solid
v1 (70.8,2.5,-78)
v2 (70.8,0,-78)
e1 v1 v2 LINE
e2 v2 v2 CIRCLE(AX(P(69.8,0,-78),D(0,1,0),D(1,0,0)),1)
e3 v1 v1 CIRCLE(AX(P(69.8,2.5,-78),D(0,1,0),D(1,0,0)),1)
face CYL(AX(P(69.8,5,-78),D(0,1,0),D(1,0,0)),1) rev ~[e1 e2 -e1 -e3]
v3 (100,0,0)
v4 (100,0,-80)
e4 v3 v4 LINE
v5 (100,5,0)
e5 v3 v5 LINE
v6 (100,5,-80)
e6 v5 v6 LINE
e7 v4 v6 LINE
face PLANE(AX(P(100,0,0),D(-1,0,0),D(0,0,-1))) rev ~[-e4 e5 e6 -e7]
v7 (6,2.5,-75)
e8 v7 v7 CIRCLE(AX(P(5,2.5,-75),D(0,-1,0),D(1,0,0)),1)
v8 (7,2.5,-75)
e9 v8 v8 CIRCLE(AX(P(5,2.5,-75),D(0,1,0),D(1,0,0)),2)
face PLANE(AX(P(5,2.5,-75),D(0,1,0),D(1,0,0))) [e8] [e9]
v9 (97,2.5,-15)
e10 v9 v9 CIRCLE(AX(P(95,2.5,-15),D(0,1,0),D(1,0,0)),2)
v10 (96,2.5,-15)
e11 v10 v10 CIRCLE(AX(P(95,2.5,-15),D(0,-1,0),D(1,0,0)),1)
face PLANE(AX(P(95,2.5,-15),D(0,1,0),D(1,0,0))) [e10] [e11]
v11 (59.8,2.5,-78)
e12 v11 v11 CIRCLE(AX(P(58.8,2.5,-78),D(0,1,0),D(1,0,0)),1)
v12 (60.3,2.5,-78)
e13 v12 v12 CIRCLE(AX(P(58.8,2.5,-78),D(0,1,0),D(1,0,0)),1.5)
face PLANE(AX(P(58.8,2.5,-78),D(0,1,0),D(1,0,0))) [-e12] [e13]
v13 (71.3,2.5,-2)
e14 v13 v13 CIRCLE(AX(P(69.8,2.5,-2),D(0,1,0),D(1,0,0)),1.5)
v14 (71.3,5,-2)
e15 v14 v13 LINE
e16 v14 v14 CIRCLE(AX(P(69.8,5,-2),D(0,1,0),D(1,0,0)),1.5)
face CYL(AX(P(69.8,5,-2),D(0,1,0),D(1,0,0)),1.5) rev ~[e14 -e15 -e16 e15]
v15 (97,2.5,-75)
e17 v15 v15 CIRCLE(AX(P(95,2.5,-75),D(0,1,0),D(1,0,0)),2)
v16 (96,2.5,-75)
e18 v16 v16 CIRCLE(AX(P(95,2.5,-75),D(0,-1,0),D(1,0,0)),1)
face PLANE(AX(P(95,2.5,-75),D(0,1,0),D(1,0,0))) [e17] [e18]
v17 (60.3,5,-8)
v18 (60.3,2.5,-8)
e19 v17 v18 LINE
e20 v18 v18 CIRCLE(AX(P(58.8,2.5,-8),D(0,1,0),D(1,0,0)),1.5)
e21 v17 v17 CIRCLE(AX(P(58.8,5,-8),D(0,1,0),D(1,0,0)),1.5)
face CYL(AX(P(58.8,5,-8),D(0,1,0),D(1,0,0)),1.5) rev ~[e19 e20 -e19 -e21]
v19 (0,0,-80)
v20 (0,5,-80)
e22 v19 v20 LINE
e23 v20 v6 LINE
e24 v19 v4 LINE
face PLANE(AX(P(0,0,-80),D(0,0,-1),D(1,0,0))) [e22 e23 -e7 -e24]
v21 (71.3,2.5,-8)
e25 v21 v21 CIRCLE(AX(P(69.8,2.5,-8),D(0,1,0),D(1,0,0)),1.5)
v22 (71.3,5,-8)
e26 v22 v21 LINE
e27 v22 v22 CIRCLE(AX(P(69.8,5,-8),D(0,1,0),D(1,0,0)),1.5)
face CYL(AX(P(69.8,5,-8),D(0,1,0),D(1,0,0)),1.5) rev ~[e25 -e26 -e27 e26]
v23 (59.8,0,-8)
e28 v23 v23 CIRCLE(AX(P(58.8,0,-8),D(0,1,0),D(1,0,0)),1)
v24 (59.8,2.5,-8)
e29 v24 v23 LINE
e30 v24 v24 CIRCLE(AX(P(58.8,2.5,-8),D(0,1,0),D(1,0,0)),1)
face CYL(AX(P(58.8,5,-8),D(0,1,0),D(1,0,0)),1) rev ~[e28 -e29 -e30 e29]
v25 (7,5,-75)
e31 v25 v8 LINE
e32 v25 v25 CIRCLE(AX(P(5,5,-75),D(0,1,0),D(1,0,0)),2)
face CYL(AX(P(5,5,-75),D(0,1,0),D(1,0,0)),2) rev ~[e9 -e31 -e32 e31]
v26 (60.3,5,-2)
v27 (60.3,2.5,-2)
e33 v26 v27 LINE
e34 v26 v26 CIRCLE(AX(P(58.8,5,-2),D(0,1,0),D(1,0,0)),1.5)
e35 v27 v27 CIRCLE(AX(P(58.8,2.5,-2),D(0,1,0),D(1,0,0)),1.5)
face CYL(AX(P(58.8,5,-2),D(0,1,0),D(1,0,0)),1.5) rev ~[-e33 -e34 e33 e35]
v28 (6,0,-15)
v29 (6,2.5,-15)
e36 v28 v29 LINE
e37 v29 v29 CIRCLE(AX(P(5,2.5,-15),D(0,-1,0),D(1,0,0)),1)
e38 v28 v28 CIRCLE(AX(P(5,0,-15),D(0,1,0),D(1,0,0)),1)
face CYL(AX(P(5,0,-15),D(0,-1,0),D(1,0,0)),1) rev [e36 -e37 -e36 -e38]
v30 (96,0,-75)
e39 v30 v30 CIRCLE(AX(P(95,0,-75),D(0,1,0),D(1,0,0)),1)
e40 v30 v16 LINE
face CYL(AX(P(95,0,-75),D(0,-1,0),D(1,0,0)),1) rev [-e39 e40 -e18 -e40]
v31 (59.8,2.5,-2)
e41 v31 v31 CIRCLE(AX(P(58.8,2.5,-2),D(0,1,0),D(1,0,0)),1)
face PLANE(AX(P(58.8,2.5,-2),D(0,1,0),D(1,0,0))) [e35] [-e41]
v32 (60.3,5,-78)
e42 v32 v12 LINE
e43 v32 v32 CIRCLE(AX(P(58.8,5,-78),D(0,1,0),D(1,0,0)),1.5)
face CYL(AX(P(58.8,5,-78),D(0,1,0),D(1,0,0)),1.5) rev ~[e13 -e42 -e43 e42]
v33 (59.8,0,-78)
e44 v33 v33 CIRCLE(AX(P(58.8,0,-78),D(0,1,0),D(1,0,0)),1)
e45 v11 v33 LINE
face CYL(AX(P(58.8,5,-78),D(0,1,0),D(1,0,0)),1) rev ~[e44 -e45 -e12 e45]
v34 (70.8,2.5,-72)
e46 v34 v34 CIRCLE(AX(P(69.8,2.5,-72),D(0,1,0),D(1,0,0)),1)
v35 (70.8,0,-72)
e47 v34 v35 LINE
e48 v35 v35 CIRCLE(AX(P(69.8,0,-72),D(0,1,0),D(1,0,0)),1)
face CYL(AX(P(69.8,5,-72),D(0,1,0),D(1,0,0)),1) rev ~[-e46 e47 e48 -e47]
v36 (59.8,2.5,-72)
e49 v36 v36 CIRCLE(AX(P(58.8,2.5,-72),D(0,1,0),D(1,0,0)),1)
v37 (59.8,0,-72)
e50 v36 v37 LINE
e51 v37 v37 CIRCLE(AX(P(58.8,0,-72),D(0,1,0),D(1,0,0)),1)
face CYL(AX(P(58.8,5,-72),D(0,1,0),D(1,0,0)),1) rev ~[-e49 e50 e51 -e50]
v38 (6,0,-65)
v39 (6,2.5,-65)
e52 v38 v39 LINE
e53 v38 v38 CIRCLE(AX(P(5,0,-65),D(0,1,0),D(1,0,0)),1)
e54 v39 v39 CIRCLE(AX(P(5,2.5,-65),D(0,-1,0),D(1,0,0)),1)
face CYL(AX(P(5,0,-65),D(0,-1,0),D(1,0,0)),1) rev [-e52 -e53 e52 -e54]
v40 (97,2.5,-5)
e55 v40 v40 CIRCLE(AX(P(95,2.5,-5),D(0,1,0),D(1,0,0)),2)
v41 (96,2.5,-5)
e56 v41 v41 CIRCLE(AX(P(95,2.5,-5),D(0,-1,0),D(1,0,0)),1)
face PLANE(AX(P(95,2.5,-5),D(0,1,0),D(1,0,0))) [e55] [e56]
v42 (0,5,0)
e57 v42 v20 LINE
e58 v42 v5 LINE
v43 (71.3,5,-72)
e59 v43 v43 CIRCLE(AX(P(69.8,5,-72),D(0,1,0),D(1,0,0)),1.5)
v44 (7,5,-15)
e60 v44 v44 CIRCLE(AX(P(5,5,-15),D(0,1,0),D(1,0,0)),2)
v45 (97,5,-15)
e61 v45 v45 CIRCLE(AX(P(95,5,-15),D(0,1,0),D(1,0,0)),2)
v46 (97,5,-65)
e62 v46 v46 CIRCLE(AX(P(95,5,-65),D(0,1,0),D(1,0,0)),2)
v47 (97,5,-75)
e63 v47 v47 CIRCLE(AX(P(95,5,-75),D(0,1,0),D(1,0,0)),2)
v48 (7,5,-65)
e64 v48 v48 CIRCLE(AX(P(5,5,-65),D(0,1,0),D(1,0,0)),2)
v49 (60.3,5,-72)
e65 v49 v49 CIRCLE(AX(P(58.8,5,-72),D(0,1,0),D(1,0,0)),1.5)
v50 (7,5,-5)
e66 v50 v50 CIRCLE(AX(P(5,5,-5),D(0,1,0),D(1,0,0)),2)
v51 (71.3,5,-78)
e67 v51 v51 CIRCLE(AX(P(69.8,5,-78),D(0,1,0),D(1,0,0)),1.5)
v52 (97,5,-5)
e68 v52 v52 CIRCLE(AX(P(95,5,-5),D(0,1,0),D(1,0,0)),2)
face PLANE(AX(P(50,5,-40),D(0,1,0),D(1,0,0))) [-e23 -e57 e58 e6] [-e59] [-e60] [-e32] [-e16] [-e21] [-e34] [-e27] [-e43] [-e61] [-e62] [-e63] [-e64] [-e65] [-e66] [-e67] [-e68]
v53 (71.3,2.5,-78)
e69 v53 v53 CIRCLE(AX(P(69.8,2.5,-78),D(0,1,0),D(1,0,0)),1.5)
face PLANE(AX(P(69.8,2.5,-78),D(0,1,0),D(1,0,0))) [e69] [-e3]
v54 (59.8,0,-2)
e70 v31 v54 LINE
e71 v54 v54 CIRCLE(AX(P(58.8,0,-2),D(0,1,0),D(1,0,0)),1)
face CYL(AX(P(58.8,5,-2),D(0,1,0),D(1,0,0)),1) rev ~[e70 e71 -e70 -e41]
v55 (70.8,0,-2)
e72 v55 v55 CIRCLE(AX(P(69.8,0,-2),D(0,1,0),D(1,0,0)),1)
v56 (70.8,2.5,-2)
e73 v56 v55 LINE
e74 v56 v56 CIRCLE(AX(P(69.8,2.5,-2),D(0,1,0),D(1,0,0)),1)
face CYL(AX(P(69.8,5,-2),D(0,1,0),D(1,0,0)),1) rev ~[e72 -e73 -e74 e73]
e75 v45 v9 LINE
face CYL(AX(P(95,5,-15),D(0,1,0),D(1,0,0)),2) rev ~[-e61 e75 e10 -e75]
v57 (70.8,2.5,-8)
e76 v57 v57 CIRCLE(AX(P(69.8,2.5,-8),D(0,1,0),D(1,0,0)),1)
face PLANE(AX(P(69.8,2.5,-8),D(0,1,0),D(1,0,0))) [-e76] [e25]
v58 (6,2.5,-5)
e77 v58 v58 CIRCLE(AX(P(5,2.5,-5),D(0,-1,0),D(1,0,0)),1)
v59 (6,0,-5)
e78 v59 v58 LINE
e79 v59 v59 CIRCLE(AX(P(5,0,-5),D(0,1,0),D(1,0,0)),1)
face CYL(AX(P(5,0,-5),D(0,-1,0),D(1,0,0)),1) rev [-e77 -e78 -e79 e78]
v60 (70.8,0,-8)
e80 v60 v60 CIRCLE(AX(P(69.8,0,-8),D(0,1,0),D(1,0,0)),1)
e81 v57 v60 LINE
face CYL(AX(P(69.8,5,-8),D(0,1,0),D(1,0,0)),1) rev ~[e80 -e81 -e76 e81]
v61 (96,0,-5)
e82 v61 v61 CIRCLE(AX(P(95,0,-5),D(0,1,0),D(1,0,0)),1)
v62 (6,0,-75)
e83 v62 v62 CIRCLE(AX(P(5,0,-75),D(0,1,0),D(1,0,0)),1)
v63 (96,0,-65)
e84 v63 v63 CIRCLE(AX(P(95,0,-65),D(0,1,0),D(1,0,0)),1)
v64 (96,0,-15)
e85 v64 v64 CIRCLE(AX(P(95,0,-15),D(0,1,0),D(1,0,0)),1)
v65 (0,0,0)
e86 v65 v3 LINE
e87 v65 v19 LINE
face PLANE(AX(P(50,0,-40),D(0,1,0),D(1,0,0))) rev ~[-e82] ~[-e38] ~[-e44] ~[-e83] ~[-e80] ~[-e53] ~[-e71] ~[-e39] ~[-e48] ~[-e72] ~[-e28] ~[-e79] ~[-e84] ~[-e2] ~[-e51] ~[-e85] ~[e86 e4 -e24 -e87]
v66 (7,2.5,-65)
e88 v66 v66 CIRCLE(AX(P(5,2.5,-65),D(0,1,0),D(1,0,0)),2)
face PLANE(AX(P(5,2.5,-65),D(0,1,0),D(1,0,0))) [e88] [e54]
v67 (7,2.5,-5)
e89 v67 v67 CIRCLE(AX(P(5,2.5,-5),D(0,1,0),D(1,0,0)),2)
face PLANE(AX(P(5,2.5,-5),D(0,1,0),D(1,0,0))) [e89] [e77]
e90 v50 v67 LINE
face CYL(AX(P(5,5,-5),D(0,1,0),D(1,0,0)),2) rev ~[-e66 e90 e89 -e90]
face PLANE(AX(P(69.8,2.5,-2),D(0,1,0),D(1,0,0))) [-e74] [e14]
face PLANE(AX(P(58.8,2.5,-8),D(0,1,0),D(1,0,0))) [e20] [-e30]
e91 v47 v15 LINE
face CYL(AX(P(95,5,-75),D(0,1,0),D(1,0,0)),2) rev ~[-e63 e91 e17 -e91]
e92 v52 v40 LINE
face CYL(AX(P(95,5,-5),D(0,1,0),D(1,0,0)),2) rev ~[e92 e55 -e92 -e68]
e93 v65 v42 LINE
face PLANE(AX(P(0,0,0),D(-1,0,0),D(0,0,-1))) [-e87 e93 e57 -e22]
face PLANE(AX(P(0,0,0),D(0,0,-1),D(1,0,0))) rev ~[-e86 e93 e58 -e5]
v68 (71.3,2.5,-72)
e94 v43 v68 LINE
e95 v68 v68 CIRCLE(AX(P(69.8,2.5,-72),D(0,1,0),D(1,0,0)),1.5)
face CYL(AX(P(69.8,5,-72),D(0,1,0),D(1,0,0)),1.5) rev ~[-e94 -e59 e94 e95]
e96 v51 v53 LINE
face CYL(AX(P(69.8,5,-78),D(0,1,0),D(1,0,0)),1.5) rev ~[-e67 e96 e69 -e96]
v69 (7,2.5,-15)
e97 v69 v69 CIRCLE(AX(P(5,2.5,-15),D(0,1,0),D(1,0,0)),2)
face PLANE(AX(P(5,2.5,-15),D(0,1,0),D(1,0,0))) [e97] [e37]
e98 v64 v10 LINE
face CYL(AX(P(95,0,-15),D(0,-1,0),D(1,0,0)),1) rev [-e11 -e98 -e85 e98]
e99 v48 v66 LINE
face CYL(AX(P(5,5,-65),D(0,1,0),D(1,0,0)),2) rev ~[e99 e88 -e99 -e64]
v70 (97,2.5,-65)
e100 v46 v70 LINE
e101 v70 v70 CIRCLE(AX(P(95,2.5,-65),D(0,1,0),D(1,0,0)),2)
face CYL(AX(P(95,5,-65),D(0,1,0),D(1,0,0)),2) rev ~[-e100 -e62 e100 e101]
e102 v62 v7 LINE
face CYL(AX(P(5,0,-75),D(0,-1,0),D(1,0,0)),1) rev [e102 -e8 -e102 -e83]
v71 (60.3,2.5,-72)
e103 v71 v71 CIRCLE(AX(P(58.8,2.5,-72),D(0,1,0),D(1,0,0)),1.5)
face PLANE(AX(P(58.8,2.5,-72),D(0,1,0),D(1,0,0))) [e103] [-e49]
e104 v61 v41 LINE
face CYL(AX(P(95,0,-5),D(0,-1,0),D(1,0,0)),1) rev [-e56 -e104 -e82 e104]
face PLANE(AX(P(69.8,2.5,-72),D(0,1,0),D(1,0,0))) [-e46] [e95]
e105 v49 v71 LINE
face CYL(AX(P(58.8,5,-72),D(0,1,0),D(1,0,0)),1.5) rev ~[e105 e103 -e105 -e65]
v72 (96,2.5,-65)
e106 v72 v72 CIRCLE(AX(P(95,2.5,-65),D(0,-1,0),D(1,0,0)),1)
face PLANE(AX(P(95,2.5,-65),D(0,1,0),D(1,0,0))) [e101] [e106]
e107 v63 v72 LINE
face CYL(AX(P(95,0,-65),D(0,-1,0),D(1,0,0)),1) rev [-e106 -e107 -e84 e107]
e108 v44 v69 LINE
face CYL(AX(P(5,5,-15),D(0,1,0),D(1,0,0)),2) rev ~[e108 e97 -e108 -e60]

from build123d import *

# Parameters (mm, degrees)
SKETCH1_W               = 100
SKETCH1_H               = 80
SKETCH1_R               = 1
BOSS_EXTRUDE1_DEPTH     = 5
SKETCH2_R               = 2
CUT_EXTRUDE1_DEPTH      = 1
CUT_EXTRUDE1_DEPTH_BACK = 2.5
SKETCH3_R               = 1
CUT_EXTRUDE2_DEPTH      = 6
SKETCH5_R               = 1.5
CUT_EXTRUDE4_DEPTH      = 2.5


with BuildPart() as part:
    # Sketch1 → Boss-Extrude1 (new body)
    with BuildSketch(Plane(origin=(0, 0, 0), x_dir=(1, 0, 0), z_dir=(0, 1, 0))):
        with Locations((50, 40)):
            Rectangle(SKETCH1_W, SKETCH1_H)
        with Locations((95, 75)):
            Circle(SKETCH1_R, mode=Mode.SUBTRACT)
        with Locations((5, 75)):
            Circle(SKETCH1_R, mode=Mode.SUBTRACT)
        with Locations((5, 5)):
            Circle(SKETCH1_R, mode=Mode.SUBTRACT)
        with Locations((95, 5)):
            Circle(SKETCH1_R, mode=Mode.SUBTRACT)
        with Locations((95, 65)):
            Circle(SKETCH1_R, mode=Mode.SUBTRACT)
        with Locations((95, 15)):
            Circle(SKETCH1_R, mode=Mode.SUBTRACT)
        with Locations((5, 15)):
            Circle(SKETCH1_R, mode=Mode.SUBTRACT)
        with Locations((5, 65)):
            Circle(SKETCH1_R, mode=Mode.SUBTRACT)
    extrude(amount=BOSS_EXTRUDE1_DEPTH)

    # Sketch2 → Cut-Extrude1 (cut, two sides)
    with BuildSketch(Plane(origin=(0, 5, 0), x_dir=(1, 0, 0), z_dir=(0, 1, 0))) as cut_extrude1_sk:
        with Locations((5, 75)):
            Circle(SKETCH2_R)
        with Locations((95, 75)):
            Circle(SKETCH2_R)
        with Locations((95, 5)):
            Circle(SKETCH2_R)
        with Locations((5, 5)):
            Circle(SKETCH2_R)
        with Locations((5, 65)):
            Circle(SKETCH2_R)
        with Locations((95, 65)):
            Circle(SKETCH2_R)
        with Locations((95, 15)):
            Circle(SKETCH2_R)
        with Locations((5, 15)):
            Circle(SKETCH2_R)
    extrude(amount=CUT_EXTRUDE1_DEPTH, mode=Mode.SUBTRACT)
    extrude(cut_extrude1_sk.sketch, amount=-CUT_EXTRUDE1_DEPTH_BACK, mode=Mode.SUBTRACT)

    # Sketch3 → Cut-Extrude2 (cut, through all)
    with BuildSketch(Plane(origin=(0, 5, 0), x_dir=(1, 0, 0), z_dir=(0, 1, 0))):
        with Locations((58.8, 8)):
            Circle(SKETCH3_R)
        with Locations((69.8, 8)):
            Circle(SKETCH3_R)
        with Locations((58.8, 2)):
            Circle(SKETCH3_R)
        with Locations((69.8, 2)):
            Circle(SKETCH3_R)
        with Locations((58.8, 78)):
            Circle(SKETCH3_R)
        with Locations((69.8, 72)):
            Circle(SKETCH3_R)
        with Locations((69.8, 78)):
            Circle(SKETCH3_R)
        with Locations((58.8, 72)):
            Circle(SKETCH3_R)
    extrude(amount=-CUT_EXTRUDE2_DEPTH, mode=Mode.SUBTRACT)

    # Sketch5 → Cut-Extrude4 (cut)
    with BuildSketch(Plane(origin=(0, 5, 0), x_dir=(1, 0, 0), z_dir=(0, 1, 0))):
        with Locations((58.8, 8)):
            Circle(SKETCH5_R)
        with Locations((58.8, 2)):
            Circle(SKETCH5_R)
        with Locations((69.8, 2)):
            Circle(SKETCH5_R)
        with Locations((69.8, 8)):
            Circle(SKETCH5_R)
        with Locations((58.8, 78)):
            Circle(SKETCH5_R)
        with Locations((58.8, 72)):
            Circle(SKETCH5_R)
        with Locations((69.8, 72)):
            Circle(SKETCH5_R)
        with Locations((69.8, 78)):
            Circle(SKETCH5_R)
    extrude(amount=-CUT_EXTRUDE4_DEPTH, mode=Mode.SUBTRACT)


solid = part.part
